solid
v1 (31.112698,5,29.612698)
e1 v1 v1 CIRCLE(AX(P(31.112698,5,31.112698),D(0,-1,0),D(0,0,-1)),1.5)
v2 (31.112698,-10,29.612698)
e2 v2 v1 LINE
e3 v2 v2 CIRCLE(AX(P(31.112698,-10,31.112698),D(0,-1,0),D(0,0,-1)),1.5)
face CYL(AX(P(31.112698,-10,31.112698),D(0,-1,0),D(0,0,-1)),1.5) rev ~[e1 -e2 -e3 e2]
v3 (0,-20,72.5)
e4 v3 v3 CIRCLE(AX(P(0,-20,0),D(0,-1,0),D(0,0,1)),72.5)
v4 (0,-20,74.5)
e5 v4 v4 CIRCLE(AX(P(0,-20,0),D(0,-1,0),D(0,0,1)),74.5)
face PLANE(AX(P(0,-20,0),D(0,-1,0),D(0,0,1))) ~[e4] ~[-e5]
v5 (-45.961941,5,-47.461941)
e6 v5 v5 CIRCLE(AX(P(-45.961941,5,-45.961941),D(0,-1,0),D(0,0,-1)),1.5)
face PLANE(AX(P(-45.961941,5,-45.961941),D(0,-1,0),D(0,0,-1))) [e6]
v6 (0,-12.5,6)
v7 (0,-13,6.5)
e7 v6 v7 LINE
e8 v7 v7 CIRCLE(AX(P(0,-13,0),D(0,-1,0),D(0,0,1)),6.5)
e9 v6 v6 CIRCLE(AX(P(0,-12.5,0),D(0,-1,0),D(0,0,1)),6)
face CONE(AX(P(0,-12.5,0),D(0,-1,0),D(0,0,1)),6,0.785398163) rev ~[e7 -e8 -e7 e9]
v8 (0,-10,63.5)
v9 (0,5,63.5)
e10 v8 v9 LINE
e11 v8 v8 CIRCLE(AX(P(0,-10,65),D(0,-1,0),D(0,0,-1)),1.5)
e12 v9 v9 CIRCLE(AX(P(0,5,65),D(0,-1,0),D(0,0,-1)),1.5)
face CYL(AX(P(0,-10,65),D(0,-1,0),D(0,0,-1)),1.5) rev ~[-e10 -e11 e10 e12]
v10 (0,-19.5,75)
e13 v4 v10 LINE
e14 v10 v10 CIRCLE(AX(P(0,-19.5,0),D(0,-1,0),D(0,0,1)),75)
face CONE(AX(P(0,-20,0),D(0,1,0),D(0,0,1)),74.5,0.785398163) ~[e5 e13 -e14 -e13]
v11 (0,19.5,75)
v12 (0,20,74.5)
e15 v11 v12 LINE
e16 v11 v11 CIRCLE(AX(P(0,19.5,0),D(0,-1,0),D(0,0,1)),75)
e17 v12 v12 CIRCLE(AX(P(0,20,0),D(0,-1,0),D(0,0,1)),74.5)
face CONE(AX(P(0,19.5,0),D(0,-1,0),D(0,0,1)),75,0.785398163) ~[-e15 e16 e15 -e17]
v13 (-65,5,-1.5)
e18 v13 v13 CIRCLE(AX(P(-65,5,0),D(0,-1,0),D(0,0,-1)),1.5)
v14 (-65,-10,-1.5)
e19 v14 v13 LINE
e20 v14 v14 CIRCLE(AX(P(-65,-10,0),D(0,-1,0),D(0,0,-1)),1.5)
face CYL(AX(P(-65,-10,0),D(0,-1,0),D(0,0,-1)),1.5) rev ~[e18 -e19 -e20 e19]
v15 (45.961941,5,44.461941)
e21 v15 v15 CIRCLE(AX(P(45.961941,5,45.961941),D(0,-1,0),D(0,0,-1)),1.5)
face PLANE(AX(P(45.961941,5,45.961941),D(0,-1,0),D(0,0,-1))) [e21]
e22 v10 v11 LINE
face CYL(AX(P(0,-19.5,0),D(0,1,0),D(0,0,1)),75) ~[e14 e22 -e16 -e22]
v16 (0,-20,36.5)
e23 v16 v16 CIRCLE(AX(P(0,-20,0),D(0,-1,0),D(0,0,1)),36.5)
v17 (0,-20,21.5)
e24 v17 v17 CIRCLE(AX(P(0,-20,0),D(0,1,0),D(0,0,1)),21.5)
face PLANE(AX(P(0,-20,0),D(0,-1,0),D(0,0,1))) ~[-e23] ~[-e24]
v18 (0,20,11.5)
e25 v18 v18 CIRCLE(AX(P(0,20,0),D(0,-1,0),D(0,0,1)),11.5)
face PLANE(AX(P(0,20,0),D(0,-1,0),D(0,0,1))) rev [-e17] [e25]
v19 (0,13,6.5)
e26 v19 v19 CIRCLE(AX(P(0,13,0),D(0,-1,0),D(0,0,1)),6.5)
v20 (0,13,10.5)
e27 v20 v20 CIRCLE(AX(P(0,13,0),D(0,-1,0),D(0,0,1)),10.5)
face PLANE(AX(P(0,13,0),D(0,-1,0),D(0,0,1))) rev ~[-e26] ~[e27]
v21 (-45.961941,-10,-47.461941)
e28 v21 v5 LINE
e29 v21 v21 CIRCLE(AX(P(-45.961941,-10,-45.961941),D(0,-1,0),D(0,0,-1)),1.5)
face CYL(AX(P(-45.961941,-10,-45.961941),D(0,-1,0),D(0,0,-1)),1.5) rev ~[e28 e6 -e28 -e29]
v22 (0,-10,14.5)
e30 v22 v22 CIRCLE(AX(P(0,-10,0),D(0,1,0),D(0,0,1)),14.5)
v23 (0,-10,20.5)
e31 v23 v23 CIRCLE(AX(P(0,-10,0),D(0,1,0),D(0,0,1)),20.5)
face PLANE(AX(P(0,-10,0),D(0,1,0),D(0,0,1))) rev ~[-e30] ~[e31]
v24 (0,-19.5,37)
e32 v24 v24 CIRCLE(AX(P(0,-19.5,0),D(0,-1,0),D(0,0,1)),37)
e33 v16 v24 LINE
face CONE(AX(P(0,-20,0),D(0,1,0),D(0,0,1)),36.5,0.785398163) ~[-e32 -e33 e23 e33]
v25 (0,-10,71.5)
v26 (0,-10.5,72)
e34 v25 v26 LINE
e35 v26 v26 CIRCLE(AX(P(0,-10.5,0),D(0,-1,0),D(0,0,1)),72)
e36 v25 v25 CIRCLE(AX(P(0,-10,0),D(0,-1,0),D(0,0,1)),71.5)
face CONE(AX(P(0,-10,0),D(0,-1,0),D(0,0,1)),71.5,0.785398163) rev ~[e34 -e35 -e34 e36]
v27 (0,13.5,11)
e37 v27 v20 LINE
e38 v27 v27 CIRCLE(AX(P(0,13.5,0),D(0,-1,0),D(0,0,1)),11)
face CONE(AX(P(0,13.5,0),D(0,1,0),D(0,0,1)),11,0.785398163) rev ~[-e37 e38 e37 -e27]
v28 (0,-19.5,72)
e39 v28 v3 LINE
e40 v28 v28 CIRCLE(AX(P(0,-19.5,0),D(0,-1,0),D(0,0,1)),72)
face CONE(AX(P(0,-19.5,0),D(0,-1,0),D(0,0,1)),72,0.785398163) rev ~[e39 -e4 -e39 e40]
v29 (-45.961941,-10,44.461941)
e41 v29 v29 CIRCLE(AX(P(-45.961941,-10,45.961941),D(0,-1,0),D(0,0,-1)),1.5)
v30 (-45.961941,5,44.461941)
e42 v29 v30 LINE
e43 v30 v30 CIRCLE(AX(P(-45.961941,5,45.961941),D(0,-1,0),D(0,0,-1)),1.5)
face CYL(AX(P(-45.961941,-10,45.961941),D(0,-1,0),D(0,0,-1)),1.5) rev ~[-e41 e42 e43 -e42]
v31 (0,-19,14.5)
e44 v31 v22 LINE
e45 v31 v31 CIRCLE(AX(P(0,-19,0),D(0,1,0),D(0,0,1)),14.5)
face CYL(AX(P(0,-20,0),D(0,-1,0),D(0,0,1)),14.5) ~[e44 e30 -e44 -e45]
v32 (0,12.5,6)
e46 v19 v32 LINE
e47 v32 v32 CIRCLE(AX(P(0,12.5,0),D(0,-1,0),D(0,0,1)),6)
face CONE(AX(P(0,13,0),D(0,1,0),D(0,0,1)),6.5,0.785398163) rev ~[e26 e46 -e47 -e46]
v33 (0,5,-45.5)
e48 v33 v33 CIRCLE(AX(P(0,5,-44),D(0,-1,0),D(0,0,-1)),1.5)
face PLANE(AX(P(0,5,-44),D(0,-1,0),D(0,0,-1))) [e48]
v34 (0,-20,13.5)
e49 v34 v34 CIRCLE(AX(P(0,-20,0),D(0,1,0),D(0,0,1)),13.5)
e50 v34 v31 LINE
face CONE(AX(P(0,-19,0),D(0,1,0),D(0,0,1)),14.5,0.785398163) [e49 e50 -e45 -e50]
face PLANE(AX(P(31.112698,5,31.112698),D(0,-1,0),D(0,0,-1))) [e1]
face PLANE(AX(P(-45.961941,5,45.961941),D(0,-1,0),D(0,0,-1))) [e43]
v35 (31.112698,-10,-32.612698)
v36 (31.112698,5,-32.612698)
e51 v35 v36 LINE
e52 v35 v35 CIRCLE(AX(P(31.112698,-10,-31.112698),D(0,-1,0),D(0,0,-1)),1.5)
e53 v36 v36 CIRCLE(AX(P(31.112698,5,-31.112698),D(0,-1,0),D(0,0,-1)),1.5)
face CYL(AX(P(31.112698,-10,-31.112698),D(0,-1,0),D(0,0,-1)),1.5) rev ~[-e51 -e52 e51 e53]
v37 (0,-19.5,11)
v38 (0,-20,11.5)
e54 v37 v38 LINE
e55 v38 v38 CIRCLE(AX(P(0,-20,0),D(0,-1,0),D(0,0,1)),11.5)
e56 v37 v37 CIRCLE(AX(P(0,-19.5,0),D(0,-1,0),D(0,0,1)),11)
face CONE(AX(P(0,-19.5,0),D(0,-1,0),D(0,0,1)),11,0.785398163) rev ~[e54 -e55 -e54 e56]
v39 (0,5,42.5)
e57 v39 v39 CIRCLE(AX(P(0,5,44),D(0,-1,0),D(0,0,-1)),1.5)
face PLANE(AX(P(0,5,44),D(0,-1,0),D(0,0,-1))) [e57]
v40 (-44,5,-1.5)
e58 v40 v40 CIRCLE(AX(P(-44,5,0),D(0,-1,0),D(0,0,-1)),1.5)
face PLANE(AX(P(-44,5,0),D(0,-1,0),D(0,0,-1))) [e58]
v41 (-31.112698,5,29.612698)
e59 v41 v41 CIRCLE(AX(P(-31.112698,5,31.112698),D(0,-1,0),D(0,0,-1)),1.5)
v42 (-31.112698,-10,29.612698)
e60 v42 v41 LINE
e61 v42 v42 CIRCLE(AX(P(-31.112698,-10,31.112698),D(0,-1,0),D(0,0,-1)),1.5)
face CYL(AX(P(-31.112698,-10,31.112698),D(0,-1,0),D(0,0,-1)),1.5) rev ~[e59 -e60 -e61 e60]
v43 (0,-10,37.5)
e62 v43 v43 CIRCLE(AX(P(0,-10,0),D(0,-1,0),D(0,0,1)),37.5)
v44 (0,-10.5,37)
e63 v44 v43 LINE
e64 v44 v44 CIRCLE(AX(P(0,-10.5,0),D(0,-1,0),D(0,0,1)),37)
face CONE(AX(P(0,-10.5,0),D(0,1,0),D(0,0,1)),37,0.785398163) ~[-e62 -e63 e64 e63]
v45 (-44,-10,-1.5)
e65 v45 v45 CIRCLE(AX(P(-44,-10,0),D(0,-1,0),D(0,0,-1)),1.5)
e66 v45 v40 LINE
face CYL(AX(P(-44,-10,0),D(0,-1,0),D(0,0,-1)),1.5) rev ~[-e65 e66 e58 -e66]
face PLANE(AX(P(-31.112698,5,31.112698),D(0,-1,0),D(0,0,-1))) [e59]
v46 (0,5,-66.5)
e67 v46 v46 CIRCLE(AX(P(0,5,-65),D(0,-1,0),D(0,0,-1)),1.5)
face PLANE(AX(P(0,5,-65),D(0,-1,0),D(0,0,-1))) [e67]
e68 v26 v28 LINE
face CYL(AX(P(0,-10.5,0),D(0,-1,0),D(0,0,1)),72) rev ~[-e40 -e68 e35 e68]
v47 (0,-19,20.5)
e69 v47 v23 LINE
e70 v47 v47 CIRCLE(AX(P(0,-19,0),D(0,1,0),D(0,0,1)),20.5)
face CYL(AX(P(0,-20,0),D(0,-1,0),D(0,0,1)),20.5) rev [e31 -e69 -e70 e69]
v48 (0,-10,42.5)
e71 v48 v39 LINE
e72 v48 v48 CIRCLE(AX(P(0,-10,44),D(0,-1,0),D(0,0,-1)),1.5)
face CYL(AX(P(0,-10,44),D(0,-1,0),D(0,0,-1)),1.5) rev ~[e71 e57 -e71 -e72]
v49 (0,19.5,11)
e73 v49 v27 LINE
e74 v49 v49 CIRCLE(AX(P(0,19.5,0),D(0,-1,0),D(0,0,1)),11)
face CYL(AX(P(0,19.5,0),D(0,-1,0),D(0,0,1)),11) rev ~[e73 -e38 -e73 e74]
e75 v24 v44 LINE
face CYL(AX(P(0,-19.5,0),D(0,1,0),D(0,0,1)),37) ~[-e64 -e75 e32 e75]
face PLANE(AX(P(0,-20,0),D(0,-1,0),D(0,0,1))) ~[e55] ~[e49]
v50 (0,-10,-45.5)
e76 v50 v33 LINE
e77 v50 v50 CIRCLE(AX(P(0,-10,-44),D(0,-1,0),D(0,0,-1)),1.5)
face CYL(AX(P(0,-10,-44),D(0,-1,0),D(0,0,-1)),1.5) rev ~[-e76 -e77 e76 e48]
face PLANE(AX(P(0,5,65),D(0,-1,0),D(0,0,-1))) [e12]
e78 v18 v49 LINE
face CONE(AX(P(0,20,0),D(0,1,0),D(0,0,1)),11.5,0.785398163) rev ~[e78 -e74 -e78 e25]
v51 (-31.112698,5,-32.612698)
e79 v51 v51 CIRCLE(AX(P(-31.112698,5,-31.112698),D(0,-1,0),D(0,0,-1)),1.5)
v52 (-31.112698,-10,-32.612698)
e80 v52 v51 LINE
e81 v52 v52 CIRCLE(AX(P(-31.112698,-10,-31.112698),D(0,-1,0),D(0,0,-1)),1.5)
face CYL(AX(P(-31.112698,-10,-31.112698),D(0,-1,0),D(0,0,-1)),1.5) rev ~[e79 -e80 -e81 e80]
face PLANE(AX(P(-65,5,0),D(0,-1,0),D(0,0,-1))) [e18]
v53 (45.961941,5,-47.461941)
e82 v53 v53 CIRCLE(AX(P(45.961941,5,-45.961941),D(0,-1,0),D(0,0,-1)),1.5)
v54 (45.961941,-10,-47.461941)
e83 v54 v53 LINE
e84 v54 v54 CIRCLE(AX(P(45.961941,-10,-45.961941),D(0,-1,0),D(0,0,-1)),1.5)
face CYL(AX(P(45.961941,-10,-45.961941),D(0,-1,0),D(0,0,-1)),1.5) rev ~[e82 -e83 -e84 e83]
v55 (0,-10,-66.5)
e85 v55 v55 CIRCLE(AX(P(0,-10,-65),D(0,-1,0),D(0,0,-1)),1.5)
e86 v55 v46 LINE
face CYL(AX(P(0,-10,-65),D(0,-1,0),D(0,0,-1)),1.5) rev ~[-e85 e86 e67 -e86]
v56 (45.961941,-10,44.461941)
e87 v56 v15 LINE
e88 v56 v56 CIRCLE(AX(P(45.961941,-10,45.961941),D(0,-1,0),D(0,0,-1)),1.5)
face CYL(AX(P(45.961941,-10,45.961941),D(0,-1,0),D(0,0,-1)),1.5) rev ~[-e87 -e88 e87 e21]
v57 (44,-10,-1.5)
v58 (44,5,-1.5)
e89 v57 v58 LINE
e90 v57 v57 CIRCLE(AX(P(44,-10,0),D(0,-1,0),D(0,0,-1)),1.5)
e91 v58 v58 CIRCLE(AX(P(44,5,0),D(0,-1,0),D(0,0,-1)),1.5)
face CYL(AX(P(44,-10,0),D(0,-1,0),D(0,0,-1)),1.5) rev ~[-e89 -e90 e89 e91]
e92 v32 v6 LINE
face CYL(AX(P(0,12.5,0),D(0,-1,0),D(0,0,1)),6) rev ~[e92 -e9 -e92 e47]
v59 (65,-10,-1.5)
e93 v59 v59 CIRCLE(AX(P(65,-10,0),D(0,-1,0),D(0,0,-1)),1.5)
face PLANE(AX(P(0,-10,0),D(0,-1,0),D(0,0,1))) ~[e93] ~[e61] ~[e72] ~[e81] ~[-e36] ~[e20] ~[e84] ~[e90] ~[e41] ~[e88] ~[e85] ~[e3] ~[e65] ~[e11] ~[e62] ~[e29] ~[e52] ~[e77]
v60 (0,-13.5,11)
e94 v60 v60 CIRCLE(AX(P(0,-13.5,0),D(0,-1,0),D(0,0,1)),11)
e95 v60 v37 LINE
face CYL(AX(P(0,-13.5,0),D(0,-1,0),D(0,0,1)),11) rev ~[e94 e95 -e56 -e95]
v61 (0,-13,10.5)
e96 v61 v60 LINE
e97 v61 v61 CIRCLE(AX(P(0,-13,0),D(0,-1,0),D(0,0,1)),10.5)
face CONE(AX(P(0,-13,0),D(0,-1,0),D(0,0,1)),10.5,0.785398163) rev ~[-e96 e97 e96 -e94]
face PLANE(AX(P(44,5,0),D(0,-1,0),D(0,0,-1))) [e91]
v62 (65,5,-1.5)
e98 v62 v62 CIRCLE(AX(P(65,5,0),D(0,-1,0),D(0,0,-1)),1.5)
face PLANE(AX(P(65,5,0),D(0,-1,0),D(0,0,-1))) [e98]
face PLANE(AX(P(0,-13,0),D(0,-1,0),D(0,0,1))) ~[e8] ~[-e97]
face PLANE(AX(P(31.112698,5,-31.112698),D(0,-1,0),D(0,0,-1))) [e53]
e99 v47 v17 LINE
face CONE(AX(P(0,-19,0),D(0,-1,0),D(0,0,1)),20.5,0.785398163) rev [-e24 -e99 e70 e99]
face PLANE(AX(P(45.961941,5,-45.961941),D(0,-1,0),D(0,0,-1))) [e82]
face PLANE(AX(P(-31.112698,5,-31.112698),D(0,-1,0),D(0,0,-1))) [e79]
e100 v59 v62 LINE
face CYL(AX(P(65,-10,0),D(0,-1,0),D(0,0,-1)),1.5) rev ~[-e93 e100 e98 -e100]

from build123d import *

# Parameters (mm, degrees)
SKETCH3_R          = 1.5
CUT_EXTRUDE1_DEPTH = 15
SKETCH4_R          = 20.5
SKETCH4_R_2        = 14.5
CUT_EXTRUDE2_DEPTH = 10
CHAMFER1_SIZE      = 1


with BuildPart() as part:
    # Sketch2 → Revolve1 (revolve)
    with BuildSketch(Plane(origin=(0, 0, 0), x_dir=(0, 0, -1), z_dir=(1, 0, 0))):
        Polygon((-6, 12.5), (-6, -12.5), (-6.5, -13), (-10.5, -13), (-11, -13.5), (-11, -19.5), (-11.5, -20), (-36.5, -20), (-37, -19.5), (-37, -10.5), (-37.5, -10), (-71.5, -10), (-72, -10.5), (-72, -19.5), (-72.5, -20), (-74.5, -20), (-75, -19.5), (-75, 19.5), (-74.5, 20), (-72.5, 20), (-37, 20), (-36.5, 20), (-11.5, 20), (-11, 19.5), (-11, 13.5), (-10.5, 13), (-6.5, 13), align=None)
    revolve(axis=Axis((0, 77.621858512, 0), (0, -1, 0)))

    # Sketch3 → Cut-Extrude1 (cut)
    with BuildSketch(Plane.XZ.offset(10)):
        with Locations(Location((-45.961940777, 45.961940777, 0), (0, 0, 270))):
            Circle(SKETCH3_R)
        with Locations(Location((-31.112698372, 31.112698372, 0), (0, 0, 270))):
            Circle(SKETCH3_R)
        with Locations(Location((31.112698372, 31.112698372, 0), (0, 0, 270))):
            Circle(SKETCH3_R)
        with Locations(Location((45.961940777, 45.961940777, 0), (0, 0, 270))):
            Circle(SKETCH3_R)
        with Locations(Location((-65, 0, 0), (0, 0, 270))):
            Circle(SKETCH3_R)
        with Locations(Location((-44, 0, 0), (0, 0, 270))):
            Circle(SKETCH3_R)
        with Locations(Location((-45.961940777, -45.961940777, 0), (0, 0, 270))):
            Circle(SKETCH3_R)
        with Locations(Location((-31.112698372, -31.112698372, 0), (0, 0, 270))):
            Circle(SKETCH3_R)
        with Locations(Location((0, -44, 0), (0, 0, 270))):
            Circle(SKETCH3_R)
        with Locations(Location((0, -65, 0), (0, 0, 270))):
            Circle(SKETCH3_R)
        with Locations(Location((31.112698372, -31.112698372, 0), (0, 0, 270))):
            Circle(SKETCH3_R)
        with Locations(Location((45.961940777, -45.961940777, 0), (0, 0, 270))):
            Circle(SKETCH3_R)
        with Locations(Location((44, 0, 0), (0, 0, 270))):
            Circle(SKETCH3_R)
        with Locations(Location((65, 0, 0), (0, 0, 270))):
            Circle(SKETCH3_R)
        with Locations(Location((0, 44, 0), (0, 0, 270))):
            Circle(SKETCH3_R)
        with Locations(Location((0, 65, 0), (0, 0, 270))):
            Circle(SKETCH3_R)
    extrude(amount=-CUT_EXTRUDE1_DEPTH, mode=Mode.SUBTRACT)

    # Sketch4 → Cut-Extrude2 (cut)
    with BuildSketch(Plane(origin=(0, -20, 0), x_dir=(1, 0, 0), z_dir=(0, 1, 0))):
        with Locations(Location((0, 0, 0), (0, 0, 270))):
            Circle(SKETCH4_R)
        with Locations(Location((0, 0, 0), (0, 0, 270))):
            Circle(SKETCH4_R_2, mode=Mode.SUBTRACT)
    extrude(amount=CUT_EXTRUDE2_DEPTH, mode=Mode.SUBTRACT)

    # Chamfer1
    chamfer1_edges = [part.edges().sort_by_distance(p)[0] for p in [
        (0, -20, -14.5),
        (0, -20, -20.5),
    ]]
    chamfer(chamfer1_edges, length=CHAMFER1_SIZE)


solid = part.part
